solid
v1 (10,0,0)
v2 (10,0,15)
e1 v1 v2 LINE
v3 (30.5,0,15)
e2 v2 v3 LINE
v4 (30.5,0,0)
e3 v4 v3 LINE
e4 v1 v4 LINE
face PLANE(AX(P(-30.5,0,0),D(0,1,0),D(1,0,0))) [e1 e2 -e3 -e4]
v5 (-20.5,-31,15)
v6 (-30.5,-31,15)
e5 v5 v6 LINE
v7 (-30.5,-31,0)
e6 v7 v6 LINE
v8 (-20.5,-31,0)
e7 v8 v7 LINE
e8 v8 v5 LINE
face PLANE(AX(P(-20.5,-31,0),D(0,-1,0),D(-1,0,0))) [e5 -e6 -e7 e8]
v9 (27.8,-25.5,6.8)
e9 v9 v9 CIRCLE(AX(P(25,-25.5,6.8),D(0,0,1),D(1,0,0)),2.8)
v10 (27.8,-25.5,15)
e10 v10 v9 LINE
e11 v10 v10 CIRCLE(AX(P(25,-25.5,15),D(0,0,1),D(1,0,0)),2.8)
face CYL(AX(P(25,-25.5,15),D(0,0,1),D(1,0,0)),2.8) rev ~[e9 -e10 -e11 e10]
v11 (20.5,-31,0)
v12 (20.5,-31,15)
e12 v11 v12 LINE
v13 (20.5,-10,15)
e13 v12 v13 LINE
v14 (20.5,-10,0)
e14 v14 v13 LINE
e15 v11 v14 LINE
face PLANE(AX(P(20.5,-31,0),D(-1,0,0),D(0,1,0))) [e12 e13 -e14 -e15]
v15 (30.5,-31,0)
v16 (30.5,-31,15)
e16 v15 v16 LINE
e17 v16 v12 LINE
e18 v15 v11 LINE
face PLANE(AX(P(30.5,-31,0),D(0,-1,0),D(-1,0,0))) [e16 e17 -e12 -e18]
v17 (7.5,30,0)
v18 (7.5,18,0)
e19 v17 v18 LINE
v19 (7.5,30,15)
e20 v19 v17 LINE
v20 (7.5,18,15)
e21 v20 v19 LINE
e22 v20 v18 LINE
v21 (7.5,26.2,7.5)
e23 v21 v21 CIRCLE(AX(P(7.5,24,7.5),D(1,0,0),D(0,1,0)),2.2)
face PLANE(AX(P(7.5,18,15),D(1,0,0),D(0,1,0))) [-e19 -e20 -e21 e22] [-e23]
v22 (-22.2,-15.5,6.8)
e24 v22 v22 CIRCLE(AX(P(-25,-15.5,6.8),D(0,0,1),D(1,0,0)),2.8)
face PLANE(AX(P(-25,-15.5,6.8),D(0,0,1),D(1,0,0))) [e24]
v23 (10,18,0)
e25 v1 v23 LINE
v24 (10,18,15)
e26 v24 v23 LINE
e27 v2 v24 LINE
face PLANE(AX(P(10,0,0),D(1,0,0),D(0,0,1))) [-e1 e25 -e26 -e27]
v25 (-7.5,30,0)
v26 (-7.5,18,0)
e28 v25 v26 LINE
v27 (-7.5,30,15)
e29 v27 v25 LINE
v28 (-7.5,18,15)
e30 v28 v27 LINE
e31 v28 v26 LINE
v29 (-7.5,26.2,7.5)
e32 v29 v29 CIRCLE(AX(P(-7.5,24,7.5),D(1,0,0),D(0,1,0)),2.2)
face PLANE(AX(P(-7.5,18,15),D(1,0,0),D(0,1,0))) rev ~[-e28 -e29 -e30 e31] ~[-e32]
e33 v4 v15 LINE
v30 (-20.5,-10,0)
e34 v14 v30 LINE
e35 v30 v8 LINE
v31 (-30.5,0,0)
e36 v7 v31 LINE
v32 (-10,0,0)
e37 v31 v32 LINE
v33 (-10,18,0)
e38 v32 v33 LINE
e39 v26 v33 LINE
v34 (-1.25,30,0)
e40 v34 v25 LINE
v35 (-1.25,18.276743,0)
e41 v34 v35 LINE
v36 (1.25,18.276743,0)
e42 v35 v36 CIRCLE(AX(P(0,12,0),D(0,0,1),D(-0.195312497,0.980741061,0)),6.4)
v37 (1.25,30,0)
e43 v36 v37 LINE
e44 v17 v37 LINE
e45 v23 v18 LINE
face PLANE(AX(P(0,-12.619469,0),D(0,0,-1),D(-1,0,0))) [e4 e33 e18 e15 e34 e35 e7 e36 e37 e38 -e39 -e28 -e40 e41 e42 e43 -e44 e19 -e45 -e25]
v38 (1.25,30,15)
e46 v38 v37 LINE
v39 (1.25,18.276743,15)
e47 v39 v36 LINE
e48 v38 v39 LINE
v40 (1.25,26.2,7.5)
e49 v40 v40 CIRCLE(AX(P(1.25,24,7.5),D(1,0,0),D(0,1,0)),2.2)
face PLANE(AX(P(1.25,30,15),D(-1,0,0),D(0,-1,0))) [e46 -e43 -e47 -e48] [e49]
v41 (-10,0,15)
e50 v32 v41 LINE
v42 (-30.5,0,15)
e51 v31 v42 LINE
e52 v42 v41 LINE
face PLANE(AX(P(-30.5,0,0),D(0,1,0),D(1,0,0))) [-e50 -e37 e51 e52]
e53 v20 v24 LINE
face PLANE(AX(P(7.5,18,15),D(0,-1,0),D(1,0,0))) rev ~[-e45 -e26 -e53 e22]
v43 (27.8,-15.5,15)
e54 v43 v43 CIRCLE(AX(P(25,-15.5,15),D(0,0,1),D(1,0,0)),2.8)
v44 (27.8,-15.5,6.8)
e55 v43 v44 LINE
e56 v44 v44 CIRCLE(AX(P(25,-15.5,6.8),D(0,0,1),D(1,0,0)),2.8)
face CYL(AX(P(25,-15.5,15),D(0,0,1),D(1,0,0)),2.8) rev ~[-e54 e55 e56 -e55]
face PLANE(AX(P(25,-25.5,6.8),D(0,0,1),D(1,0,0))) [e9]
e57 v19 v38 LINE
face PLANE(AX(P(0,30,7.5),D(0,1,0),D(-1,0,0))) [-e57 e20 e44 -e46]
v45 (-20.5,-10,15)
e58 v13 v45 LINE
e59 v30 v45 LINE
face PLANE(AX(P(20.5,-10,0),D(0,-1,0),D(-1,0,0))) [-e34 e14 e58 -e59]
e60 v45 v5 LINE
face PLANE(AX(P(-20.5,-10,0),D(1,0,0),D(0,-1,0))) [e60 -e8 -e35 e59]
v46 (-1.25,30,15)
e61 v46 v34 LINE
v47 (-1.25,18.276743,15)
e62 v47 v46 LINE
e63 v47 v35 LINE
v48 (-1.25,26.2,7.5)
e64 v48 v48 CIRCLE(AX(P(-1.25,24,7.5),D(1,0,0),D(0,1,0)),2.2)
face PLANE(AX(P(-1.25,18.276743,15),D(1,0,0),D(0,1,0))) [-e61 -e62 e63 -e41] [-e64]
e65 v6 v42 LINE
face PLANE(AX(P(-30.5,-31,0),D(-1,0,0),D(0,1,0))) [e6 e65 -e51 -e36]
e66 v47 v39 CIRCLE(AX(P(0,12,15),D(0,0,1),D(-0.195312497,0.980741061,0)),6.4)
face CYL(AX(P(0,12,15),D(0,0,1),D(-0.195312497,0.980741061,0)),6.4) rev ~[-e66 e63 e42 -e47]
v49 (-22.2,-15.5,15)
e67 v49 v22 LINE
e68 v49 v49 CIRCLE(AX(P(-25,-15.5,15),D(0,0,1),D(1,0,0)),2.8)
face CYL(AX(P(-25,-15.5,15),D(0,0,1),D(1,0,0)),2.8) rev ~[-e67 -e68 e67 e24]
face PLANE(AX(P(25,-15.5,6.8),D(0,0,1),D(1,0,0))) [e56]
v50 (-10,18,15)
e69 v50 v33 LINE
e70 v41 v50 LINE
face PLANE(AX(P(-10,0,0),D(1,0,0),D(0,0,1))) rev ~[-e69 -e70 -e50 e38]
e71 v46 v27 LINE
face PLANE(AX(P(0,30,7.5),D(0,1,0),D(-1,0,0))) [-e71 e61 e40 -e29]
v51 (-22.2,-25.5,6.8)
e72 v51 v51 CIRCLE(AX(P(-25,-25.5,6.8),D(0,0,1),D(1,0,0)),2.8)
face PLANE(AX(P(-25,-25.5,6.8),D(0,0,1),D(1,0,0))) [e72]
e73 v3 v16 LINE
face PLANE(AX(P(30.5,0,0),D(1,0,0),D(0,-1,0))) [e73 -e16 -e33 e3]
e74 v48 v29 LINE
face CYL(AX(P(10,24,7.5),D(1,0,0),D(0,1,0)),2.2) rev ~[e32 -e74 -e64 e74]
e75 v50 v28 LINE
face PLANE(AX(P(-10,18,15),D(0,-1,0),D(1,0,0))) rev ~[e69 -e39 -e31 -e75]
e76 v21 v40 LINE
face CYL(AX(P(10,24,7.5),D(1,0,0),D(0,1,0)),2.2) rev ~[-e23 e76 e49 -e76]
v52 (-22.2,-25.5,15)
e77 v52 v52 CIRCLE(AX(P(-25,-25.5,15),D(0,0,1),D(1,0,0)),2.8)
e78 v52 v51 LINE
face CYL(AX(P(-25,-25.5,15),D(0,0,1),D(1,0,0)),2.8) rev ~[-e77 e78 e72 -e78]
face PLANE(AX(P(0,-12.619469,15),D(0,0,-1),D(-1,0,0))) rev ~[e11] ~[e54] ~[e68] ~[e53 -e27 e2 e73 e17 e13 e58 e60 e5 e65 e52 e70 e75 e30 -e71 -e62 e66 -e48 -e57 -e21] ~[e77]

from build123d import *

# Parameters (mm, degrees)
PAD_DEPTH       = 15
SKETCH001_R     = 2.8
POCKET_DEPTH    = 8.2
SKETCH002_W     = 20
SKETCH002_H     = 15
PAD001_DEPTH    = 30
POCKET001_DEPTH = 15.001
SKETCH004_R     = 2.2
HOLE_DEPTH      = 23.678107
HOLE_TIPS_R     = 2.2
SKETCH005_W     = 2.5
SKETCH005_H     = 12
POCKET002_DEPTH = 15.001


with BuildPart() as part:
    # Sketch → Pad (new body)
    with BuildSketch(Plane.XY):
        Polygon((-30.5, -31), (-30.5, 0), (30.5, 0), (30.5, -31), (20.5, -31), (20.5, -10), (-20.5, -10), (-20.5, -31), align=None)
    extrude(amount=PAD_DEPTH)

    # Sketch001 (on Face10 of Pad) → Pocket (cut)
    with BuildSketch(Plane.XY.offset(15)):
        with Locations((-25, -15.5)):
            Circle(SKETCH001_R)
        with Locations((-25, -25.5)):
            Circle(SKETCH001_R)
        with Locations((25, -15.5)):
            Circle(SKETCH001_R)
        with Locations((25, -25.5)):
            Circle(SKETCH001_R)
    extrude(amount=-POCKET_DEPTH, mode=Mode.SUBTRACT)

    # Sketch002 (on Face3 of Pocket) → Pad001 (join)
    with BuildSketch(Plane(origin=(0, 0, 0), x_dir=(-1, 0, 0), z_dir=(0, 1, 0))):
        with Locations((0, 7.5)):
            Rectangle(SKETCH002_W, SKETCH002_H)
    extrude(amount=PAD001_DEPTH)

    # Sketch003 (on Face14 of Pad001) → Pocket001 (cut, through all)
    with BuildSketch(Plane.XY.offset(15)):
        with BuildLine():
            ThreePointArc((-1.25, 18.276743), (0, 5.6), (1.25, 18.276743))
            Line((1.25, 30), (1.25, 18.276743))
            Line((1.25, 30), (-1.25, 30))
            Line((-1.25, 18.276743), (-1.25, 30))
        make_face()
    extrude(amount=-POCKET001_DEPTH, mode=Mode.SUBTRACT)

    # Sketch004 (on Face24 of Pocket001) → Hole (cut)
    with BuildSketch(Plane.YZ.offset(10)):
        with Locations((24, 7.5)):
            Circle(SKETCH004_R)
    extrude(amount=-HOLE_DEPTH, mode=Mode.SUBTRACT)

    # Hole tips → Hole tip 1 section 0
    with BuildSketch(Plane.YZ.offset(-13.678107), mode=Mode.PRIVATE) as hole_tip_1_s0:
        with Locations((24, 7.5)):
            Circle(HOLE_TIPS_R)
    loft([hole_tip_1_s0.sketch, Vertex(-15, 24, 7.5)], mode=Mode.SUBTRACT)

    # Sketch005 (on Face14 of Hole) → Pocket002 (cut, through all)
    with BuildSketch(Plane.XY.offset(15)):
        with Locations((-8.75, 24)):
            Rectangle(SKETCH005_W, SKETCH005_H)
        with Locations((8.75, 24)):
            Rectangle(SKETCH005_W, SKETCH005_H)
    extrude(amount=-POCKET002_DEPTH, mode=Mode.SUBTRACT)


solid = part.part
